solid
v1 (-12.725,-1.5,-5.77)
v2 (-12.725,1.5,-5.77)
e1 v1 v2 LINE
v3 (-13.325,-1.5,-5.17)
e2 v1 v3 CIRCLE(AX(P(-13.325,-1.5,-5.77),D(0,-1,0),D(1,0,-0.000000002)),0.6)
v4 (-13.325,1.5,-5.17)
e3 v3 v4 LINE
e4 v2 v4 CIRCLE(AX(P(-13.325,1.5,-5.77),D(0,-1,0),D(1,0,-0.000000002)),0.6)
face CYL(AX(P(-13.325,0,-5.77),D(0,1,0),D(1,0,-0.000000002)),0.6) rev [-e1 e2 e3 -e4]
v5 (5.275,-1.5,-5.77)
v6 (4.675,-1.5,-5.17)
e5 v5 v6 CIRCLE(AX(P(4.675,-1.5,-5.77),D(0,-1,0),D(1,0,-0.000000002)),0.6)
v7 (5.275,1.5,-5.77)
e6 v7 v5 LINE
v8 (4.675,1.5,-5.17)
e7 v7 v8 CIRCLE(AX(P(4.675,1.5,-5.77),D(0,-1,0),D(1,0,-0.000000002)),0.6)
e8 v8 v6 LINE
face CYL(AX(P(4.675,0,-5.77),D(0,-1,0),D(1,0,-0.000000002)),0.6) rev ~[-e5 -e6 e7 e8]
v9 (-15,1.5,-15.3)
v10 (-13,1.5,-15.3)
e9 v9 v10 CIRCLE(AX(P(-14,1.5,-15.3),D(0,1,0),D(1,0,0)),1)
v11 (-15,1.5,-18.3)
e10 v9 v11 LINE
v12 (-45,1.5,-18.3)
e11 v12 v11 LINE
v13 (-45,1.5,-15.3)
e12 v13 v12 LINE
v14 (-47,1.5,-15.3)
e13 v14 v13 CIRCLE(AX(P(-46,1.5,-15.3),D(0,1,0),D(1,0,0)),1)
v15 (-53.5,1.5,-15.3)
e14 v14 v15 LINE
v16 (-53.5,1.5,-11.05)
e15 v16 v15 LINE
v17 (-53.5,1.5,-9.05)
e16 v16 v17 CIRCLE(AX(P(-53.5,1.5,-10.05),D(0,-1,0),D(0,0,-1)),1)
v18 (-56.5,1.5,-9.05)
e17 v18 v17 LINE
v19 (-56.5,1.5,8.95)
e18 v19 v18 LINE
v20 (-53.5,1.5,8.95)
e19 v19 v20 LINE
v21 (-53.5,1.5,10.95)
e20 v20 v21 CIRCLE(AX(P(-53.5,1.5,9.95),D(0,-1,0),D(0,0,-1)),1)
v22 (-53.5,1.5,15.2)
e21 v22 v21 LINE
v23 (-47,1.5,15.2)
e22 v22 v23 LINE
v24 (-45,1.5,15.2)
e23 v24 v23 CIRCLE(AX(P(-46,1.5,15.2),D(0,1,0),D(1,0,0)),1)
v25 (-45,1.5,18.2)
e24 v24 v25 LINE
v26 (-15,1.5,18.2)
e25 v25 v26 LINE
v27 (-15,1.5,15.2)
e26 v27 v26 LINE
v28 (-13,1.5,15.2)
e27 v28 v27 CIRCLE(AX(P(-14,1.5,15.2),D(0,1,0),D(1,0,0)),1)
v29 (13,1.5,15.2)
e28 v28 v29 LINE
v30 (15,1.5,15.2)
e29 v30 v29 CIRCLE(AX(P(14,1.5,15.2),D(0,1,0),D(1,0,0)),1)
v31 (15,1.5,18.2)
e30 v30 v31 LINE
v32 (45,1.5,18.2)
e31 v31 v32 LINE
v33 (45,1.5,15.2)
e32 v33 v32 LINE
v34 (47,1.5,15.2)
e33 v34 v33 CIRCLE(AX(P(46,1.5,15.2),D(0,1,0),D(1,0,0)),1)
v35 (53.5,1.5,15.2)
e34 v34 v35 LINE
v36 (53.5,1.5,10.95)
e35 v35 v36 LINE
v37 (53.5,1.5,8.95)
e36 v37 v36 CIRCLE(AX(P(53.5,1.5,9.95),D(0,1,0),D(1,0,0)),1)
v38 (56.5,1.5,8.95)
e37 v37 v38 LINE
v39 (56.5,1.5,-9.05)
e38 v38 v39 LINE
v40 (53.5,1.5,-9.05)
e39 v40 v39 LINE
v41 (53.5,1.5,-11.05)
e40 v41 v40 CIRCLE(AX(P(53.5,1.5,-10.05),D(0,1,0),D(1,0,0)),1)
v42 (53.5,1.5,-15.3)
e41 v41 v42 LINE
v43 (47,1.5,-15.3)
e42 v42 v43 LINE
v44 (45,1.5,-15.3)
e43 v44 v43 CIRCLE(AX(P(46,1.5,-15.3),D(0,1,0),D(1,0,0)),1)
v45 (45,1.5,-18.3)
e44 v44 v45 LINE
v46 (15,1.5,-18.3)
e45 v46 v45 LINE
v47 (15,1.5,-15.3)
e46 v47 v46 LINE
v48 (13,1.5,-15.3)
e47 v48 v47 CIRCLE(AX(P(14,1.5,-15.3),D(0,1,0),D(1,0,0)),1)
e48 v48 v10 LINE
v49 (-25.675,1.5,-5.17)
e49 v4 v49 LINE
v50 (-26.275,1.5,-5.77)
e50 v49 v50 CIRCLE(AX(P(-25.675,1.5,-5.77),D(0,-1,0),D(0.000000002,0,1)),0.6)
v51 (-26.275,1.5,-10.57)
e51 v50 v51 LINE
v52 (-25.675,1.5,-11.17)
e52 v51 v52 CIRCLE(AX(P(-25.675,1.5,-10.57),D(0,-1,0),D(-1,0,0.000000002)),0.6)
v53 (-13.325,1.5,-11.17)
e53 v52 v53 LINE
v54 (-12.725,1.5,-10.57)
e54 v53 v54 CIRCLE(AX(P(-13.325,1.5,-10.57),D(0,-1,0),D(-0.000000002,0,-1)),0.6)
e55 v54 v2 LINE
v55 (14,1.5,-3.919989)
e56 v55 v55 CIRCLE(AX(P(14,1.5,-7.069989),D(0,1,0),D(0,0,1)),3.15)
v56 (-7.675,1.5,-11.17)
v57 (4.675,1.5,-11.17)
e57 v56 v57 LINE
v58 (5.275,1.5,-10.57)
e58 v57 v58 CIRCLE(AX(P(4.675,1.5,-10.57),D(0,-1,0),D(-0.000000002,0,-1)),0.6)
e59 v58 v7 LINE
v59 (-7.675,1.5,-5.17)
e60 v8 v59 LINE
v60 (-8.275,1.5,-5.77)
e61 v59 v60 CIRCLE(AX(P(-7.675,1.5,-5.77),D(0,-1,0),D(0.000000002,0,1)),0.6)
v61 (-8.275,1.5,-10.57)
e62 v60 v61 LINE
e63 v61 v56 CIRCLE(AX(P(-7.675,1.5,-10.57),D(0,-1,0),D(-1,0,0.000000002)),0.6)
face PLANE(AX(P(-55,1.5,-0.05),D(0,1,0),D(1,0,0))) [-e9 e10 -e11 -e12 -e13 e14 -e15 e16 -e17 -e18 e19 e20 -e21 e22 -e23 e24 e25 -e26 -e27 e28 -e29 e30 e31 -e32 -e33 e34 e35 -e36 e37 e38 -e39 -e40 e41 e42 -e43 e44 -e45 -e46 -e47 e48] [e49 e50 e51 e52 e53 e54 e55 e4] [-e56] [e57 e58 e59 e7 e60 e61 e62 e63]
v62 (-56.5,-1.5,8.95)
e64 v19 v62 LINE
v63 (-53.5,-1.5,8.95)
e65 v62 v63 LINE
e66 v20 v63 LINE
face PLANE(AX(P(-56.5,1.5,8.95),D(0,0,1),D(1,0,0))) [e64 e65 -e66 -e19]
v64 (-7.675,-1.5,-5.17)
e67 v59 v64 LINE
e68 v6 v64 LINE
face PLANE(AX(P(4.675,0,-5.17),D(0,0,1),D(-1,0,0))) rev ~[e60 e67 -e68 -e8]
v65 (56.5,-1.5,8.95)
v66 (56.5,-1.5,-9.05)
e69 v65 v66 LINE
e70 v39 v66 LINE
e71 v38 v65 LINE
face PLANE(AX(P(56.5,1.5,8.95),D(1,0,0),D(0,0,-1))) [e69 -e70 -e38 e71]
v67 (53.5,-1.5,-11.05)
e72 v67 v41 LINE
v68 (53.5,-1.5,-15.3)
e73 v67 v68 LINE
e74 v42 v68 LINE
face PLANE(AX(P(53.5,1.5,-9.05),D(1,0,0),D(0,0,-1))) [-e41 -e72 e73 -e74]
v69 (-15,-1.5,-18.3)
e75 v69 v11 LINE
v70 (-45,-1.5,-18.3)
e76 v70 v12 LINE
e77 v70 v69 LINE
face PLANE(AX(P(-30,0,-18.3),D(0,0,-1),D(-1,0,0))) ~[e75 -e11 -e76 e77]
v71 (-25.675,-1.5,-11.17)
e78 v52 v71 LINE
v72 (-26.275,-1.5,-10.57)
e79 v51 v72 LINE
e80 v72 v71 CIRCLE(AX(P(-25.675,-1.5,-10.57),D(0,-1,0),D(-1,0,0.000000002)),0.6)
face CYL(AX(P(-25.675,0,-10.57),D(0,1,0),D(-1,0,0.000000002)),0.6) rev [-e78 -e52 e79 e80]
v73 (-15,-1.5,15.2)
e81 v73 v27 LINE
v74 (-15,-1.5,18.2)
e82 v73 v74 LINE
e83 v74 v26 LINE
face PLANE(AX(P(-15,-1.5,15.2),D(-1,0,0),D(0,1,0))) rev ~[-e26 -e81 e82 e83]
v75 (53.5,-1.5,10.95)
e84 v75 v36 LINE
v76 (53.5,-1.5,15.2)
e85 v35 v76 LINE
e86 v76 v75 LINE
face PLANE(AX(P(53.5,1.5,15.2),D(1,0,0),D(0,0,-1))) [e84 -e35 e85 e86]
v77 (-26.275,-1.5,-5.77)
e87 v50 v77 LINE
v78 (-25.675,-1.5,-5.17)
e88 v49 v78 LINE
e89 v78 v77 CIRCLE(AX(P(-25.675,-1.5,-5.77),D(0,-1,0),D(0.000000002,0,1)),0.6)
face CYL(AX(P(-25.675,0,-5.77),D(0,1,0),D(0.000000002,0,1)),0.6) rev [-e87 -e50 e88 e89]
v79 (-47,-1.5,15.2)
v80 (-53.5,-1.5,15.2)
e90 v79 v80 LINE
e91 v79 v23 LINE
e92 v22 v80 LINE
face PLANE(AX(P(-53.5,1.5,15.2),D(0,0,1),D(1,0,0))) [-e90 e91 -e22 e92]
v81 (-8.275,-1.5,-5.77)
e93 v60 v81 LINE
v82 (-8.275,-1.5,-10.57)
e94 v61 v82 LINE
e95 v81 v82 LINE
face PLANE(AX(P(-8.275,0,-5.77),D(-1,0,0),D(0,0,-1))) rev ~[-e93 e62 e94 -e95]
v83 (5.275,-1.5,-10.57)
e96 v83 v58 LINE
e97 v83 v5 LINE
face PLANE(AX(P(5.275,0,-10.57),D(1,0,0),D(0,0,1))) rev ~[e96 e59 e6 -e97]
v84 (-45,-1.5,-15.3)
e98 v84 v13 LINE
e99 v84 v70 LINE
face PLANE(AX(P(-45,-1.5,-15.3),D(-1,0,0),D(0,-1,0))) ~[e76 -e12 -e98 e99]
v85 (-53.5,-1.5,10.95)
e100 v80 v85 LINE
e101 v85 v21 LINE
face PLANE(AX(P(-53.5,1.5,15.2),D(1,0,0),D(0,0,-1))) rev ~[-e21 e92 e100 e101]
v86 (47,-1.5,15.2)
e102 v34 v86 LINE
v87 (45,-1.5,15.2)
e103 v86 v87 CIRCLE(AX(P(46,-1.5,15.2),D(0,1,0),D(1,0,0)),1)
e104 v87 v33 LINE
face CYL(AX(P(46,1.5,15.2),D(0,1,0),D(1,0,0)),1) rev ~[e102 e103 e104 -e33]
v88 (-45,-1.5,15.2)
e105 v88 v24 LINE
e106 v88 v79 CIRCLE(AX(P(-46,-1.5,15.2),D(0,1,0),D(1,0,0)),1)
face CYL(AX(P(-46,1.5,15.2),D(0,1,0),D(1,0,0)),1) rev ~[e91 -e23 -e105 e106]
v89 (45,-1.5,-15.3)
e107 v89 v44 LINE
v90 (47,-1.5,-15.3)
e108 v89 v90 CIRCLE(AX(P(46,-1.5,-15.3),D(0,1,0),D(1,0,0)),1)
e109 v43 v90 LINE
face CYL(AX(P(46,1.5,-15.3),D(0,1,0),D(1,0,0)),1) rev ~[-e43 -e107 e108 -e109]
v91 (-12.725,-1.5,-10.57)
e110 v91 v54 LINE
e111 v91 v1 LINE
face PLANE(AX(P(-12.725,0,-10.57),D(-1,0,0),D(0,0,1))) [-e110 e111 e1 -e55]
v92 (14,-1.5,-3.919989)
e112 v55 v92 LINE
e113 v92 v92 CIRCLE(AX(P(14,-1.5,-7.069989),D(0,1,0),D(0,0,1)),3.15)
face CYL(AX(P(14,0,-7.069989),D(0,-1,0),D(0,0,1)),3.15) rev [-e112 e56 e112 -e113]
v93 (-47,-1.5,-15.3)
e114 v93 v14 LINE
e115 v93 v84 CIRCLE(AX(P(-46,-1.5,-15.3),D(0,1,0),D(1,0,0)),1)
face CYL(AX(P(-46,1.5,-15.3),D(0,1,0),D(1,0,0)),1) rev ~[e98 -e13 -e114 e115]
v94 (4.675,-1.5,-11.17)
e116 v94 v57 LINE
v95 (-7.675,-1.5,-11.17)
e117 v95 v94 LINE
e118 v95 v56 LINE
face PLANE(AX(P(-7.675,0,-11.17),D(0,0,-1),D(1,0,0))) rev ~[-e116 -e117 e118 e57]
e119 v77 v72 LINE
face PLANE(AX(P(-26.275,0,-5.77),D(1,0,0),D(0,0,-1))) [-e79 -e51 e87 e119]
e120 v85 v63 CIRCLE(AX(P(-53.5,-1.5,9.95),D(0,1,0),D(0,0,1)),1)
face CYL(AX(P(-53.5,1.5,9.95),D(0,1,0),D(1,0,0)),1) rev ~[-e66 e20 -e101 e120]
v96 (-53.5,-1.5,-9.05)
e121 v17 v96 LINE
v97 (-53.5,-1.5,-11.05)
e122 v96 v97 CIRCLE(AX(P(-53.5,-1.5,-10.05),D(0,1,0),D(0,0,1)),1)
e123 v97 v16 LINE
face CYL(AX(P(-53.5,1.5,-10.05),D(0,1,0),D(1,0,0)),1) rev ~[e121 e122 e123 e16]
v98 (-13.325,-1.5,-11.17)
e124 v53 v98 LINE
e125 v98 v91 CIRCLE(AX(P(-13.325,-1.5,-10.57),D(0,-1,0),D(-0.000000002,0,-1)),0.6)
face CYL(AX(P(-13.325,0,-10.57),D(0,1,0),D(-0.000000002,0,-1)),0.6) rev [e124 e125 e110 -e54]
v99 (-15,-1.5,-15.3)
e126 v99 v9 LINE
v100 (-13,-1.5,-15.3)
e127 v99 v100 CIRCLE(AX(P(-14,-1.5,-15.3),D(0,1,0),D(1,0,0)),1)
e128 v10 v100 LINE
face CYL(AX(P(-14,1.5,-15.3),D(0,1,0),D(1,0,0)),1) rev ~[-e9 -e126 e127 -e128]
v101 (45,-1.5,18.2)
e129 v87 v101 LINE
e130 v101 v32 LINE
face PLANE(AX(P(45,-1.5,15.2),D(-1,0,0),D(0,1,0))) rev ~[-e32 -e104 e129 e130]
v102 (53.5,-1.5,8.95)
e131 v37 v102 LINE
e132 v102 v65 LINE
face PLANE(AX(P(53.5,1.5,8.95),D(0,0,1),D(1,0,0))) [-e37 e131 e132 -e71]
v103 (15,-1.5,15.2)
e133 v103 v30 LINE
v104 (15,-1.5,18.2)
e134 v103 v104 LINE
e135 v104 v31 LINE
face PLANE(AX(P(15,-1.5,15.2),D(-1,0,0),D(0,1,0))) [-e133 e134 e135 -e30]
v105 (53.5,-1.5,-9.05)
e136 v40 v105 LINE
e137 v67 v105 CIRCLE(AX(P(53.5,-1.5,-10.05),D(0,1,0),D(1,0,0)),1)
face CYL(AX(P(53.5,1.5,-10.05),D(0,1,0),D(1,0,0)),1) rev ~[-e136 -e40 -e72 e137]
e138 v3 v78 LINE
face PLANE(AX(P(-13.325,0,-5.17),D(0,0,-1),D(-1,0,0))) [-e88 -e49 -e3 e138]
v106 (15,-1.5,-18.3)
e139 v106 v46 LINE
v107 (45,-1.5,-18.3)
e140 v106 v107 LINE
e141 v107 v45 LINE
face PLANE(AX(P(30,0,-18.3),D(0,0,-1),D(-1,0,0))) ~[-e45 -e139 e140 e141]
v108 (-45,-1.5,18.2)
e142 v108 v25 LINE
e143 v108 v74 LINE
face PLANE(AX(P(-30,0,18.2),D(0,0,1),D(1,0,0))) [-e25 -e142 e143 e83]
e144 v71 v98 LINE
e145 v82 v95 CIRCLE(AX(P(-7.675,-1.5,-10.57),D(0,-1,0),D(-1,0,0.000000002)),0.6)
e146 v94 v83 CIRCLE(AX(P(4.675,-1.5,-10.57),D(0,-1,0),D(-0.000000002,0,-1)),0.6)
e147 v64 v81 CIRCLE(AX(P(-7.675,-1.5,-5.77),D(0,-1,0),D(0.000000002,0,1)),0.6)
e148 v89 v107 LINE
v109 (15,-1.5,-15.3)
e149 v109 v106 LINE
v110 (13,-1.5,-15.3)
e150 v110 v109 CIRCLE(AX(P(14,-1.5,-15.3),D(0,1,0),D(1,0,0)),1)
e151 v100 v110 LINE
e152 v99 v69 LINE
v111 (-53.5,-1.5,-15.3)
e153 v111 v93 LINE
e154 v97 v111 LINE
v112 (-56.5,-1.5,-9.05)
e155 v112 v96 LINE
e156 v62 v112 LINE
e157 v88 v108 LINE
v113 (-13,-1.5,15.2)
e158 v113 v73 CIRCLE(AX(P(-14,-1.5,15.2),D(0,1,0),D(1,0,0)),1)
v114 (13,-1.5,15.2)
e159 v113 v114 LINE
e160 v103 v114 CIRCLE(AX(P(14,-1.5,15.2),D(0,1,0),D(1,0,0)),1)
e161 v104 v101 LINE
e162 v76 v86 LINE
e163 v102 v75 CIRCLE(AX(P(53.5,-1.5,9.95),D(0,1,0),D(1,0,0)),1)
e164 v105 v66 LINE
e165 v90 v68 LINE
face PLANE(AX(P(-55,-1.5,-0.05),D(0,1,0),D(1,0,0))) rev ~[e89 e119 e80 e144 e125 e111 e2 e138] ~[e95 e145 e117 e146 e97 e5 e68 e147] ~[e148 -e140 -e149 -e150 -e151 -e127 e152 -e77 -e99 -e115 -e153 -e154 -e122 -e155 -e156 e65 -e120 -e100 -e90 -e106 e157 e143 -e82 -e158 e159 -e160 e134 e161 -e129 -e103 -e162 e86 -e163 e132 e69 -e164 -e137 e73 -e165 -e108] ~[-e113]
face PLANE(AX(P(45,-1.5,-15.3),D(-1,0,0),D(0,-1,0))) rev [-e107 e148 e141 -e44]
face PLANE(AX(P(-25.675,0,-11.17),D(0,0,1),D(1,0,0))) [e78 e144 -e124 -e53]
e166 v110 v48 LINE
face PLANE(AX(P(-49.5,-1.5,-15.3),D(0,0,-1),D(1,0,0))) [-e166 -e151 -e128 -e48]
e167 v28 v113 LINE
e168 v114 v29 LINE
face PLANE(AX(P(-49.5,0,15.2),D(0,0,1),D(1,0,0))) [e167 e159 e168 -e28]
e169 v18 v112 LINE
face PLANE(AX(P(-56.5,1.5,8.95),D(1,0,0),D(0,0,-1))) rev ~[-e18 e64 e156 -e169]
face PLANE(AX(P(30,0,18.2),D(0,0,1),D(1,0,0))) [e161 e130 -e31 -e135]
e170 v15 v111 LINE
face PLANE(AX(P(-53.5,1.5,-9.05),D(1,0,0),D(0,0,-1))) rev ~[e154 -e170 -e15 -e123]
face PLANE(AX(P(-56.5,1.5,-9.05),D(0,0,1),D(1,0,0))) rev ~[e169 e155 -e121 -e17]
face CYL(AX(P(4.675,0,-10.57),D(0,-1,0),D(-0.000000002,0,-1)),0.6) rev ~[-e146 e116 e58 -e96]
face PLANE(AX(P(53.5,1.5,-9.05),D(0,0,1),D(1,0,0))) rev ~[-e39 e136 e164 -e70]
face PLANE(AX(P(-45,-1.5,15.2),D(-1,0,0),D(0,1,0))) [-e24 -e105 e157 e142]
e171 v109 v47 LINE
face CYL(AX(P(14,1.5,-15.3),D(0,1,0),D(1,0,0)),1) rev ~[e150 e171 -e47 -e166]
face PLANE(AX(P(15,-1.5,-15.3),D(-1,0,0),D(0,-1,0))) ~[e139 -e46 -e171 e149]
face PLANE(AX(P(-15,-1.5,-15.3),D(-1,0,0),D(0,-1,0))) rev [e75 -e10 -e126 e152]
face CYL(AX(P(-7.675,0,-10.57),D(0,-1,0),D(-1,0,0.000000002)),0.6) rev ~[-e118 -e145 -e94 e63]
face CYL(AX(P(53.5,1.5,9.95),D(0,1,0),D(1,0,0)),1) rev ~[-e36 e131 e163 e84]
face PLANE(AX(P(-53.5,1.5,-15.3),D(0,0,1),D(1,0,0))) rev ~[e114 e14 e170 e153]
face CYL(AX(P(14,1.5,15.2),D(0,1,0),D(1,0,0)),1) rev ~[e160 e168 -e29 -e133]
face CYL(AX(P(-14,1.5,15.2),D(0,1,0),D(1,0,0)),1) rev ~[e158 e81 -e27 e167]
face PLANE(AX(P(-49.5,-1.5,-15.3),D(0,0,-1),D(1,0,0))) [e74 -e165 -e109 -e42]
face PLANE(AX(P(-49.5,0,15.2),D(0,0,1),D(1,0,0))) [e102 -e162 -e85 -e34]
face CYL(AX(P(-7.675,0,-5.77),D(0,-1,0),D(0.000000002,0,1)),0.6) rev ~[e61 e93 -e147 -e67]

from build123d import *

# Parameters (mm, degrees)
EXTRUDE_1_DEPTH     = 1.5
SKETCH_3_R          = 3.15
CUT_EXTRUDE_2_DEPTH = 1.5
SKETCH_5_W          = 99
SKETCH_5_H          = 11.3
CUT_EXTRUDE_4_DEPTH = 10
SKETCH_6_W          = 30
SKETCH_6_H          = 3
EXTRUDE_2_DEPTH     = 3
SKETCH_8_W          = 3
SKETCH_8_H          = 18
SKETCH_8_W_2        = 4
SKETCH_8_H_2        = 30.5
EXTRUDE_3_DEPTH     = 3
SKETCH_7_R          = 1
CUT_EXTRUDE_5_DEPTH = 3


with BuildPart() as part:
    # 草图2 → 凸台-拉伸1 (new, symmetric)
    with BuildSketch(Plane(origin=(0, 0, 0), x_dir=(1, 0, 0), z_dir=(0, 1, 0))):
        Polygon((-49.5, 26.6), (-49.5, -15.2), (49.5, -15.2), (49.5, 26.599983447), align=None)
    extrude(amount=EXTRUDE_1_DEPTH, both=True)

    # 草图3 → 切除-拉伸2 (cut, symmetric)
    with BuildSketch(Plane(origin=(0, 0, 0), x_dir=(1, 0, 0), z_dir=(0, 1, 0))):
        with Locations(Location((13.999999636, 7.069989383, 0), (0, 0, 270))):
            Circle(SKETCH_3_R)
        with BuildLine():
            Line((5.275, 10.57), (5.275, 5.77))
            ThreePointArc((5.275, 5.77), (5.099264069, 5.345735931), (4.675, 5.17))
            Line((4.675, 5.17), (-7.675, 5.17))
            ThreePointArc((-7.675, 5.17), (-8.099264069, 5.345735931), (-8.275, 5.77))
            Line((-8.275, 5.77), (-8.275, 10.57))
            ThreePointArc((-8.275, 10.57), (-8.099264069, 10.994264069), (-7.675, 11.17))
            Line((-7.675, 11.17), (4.675, 11.17))
            ThreePointArc((4.675, 11.17), (5.099264069, 10.994264069), (5.275, 10.57))
        make_face()
        with BuildLine():
            Line((-13.325, 5.17), (-25.675, 5.17))
            ThreePointArc((-25.675, 5.17), (-26.099264069, 5.345735931), (-26.275, 5.77))
            Line((-26.275, 5.77), (-26.275, 10.57))
            ThreePointArc((-26.275, 10.57), (-26.099264069, 10.994264069), (-25.675, 11.17))
            Line((-25.675, 11.17), (-13.325, 11.17))
            ThreePointArc((-13.325, 11.17), (-12.900735931, 10.994264069), (-12.725, 10.57))
            Line((-12.725, 10.57), (-12.725, 5.77))
            ThreePointArc((-12.725, 5.77), (-12.900735931, 5.345735931), (-13.325, 5.17))
        make_face()
    extrude(amount=CUT_EXTRUDE_2_DEPTH, both=True, mode=Mode.SUBTRACT)

    # 草图5 → 切除-拉伸4 (cut)
    with BuildSketch(Plane.XZ.offset(1.5)):
        with Locations((0, -20.95)):
            Rectangle(SKETCH_5_W, SKETCH_5_H)
    extrude(amount=-CUT_EXTRUDE_4_DEPTH, mode=Mode.SUBTRACT)

    # 草图6 → 凸台-拉伸2 (add)
    with BuildSketch(Plane.XY.offset(15.2)):
        with Locations((30, 0)):
            Rectangle(SKETCH_6_W, SKETCH_6_H)
        with Locations((-30, 0)):
            Rectangle(SKETCH_6_W, SKETCH_6_H)
    extrude_2 = extrude(amount=EXTRUDE_2_DEPTH)

    # 镜向1: 凸台-拉伸2 across plane
    add(extrude_2.mirror(Plane.XY.offset(-0.05)))

    # 草图8 → 凸台-拉伸3 (add)
    with BuildSketch(Plane(origin=(0, 1.5, 0), x_dir=(1, 0, 0), z_dir=(0, 1, 0))):
        with Locations((-55, 0.05)):
            Rectangle(SKETCH_8_W, SKETCH_8_H)
        with Locations((-51.5, 0.05)):
            Rectangle(SKETCH_8_W_2, SKETCH_8_H_2)
        Polygon((53.5, -15.2), (53.5, -8.95), (53.5, 9.05), (53.5, 15.3), (49.5, 15.3), (49.5, -15.2), align=None)
        with Locations((55, 0.05)):
            Rectangle(SKETCH_8_W, SKETCH_8_H)
    extrude(amount=-EXTRUDE_3_DEPTH)

    # 草图7 → 切除-拉伸5 (cut)
    with BuildSketch(Plane(origin=(0, 1.5, 0), x_dir=(1, 0, 0), z_dir=(0, 1, 0))):
        with Locations((-14, 15.3)):
            Circle(SKETCH_7_R)
        with Locations((14, 15.3)):
            Circle(SKETCH_7_R)
        with Locations((46, 15.3)):
            Circle(SKETCH_7_R)
        with Locations((14, -15.2)):
            Circle(SKETCH_7_R)
        with Locations((-14, -15.2)):
            Circle(SKETCH_7_R)
        with Locations((-46, -15.2)):
            Circle(SKETCH_7_R)
        with Locations((-46, 15.3)):
            Circle(SKETCH_7_R)
        with Locations((46, -15.2)):
            Circle(SKETCH_7_R)
        with Locations((-53.5, 10.05)):
            Circle(SKETCH_7_R)
        with Locations((-53.5, -9.95)):
            Circle(SKETCH_7_R)
        with Locations((53.5, 10.05)):
            Circle(SKETCH_7_R)
        with Locations((53.5, -9.95)):
            Circle(SKETCH_7_R)
    extrude(amount=-CUT_EXTRUDE_5_DEPTH, mode=Mode.SUBTRACT)


solid = part.part
